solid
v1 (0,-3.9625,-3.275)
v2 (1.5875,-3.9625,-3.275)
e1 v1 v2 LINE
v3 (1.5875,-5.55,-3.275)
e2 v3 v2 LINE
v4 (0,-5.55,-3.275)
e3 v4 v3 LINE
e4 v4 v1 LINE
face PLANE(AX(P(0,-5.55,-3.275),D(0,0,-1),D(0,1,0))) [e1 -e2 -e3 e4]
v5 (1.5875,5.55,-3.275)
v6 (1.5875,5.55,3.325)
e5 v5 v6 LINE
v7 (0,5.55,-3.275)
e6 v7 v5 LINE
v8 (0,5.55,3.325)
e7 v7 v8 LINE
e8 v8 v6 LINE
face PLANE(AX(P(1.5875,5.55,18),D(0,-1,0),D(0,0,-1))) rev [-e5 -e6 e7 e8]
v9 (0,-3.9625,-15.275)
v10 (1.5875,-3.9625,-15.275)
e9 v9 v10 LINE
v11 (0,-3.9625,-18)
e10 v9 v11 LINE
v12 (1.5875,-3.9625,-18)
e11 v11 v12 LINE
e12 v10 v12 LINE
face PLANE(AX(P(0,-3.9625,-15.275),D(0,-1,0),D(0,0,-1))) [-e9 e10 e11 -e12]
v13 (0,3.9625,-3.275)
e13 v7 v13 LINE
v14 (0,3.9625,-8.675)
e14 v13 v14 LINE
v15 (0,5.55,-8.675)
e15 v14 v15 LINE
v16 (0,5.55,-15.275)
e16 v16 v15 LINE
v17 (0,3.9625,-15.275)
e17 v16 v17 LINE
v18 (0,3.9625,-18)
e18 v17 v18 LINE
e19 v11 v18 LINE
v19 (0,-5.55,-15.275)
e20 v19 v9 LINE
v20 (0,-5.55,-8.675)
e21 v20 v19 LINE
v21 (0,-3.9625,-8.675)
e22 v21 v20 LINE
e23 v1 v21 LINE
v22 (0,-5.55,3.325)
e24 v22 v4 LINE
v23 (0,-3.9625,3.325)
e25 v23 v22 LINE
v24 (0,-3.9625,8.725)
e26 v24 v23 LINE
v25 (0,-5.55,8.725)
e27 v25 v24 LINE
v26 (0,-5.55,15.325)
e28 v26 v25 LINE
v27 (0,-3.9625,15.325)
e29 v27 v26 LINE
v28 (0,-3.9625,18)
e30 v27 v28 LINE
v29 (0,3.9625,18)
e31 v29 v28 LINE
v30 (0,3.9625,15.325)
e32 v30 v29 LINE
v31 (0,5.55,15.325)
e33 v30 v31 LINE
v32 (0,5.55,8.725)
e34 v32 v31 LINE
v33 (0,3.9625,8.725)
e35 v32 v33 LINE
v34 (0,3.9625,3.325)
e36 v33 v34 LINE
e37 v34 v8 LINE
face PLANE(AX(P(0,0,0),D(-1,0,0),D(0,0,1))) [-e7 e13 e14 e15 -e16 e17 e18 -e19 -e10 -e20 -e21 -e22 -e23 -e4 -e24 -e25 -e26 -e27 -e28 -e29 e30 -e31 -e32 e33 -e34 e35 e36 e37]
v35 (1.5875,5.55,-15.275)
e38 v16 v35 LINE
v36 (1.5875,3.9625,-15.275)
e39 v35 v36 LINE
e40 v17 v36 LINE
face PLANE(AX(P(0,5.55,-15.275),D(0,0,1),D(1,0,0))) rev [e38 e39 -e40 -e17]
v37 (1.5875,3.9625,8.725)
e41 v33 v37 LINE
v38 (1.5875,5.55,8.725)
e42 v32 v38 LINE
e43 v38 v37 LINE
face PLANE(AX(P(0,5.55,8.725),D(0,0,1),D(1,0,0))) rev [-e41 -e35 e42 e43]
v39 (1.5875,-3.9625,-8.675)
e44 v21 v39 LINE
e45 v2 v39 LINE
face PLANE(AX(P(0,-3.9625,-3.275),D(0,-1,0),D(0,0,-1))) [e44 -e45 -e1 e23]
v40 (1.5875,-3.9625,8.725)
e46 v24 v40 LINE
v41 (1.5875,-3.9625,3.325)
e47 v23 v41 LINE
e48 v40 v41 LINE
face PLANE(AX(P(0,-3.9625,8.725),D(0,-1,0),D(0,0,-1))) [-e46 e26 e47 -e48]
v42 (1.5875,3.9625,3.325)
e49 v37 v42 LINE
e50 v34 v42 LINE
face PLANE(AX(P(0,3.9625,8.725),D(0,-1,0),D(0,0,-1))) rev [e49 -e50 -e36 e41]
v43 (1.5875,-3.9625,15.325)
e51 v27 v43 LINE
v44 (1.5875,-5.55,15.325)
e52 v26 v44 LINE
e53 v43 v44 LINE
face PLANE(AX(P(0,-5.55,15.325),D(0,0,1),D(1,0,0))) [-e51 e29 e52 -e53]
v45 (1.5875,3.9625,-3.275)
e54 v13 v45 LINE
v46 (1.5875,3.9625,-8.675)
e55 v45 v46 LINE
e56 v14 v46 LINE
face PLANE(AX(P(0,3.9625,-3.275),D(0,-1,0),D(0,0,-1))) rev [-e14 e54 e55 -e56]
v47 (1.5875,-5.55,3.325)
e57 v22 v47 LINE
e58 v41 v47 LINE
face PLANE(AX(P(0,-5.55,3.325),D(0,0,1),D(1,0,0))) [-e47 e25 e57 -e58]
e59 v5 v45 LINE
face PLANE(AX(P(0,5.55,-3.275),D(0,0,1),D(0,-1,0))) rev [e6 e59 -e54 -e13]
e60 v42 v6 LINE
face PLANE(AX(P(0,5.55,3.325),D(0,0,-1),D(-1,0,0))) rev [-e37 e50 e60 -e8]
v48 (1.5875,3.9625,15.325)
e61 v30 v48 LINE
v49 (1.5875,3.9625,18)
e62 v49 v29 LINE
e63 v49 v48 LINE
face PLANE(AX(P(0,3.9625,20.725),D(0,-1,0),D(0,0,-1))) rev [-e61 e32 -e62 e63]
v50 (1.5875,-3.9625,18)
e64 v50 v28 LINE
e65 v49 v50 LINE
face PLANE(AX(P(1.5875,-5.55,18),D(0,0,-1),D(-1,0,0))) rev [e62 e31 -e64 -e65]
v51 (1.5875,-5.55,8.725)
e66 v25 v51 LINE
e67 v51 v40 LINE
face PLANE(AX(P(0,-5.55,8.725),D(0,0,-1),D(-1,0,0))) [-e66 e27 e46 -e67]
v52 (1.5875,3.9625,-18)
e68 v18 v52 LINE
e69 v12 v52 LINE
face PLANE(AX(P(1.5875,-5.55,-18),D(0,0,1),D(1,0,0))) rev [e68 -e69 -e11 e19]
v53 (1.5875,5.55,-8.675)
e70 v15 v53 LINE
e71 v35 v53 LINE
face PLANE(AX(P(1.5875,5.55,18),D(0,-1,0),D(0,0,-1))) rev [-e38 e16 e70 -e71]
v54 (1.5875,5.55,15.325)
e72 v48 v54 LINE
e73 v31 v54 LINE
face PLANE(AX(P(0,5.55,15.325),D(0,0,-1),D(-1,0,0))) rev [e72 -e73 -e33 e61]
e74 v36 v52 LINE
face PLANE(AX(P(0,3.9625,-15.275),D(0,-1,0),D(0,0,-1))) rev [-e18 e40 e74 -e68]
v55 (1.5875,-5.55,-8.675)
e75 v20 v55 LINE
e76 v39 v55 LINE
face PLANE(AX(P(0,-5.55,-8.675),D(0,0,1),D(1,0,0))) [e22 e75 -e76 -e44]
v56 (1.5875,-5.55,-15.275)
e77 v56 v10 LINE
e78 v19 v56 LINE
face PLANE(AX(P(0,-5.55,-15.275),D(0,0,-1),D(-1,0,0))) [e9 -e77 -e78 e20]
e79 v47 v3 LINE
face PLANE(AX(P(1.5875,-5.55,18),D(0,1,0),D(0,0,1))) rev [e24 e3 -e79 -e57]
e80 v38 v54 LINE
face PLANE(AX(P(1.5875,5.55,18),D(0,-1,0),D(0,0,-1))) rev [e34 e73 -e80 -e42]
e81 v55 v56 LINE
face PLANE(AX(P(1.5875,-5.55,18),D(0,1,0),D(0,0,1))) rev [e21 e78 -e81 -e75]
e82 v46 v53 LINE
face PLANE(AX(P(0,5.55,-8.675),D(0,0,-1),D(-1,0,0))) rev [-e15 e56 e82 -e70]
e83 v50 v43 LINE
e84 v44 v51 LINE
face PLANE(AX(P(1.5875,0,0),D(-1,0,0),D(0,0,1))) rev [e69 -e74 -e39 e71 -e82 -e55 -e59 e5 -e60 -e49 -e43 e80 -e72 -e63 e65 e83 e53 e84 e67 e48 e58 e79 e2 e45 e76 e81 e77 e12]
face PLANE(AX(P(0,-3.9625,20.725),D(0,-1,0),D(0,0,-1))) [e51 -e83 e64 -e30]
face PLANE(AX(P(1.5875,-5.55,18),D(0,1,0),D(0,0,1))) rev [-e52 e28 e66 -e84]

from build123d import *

# Parameters (mm, degrees)
SKETCH1_W           = 36
SKETCH1_H           = 11.1
BOSS_EXTRUDE1_DEPTH = 1.5875
SKETCH2_W           = 5.4
SKETCH2_H           = 1.5875
CUT_EXTRUDE1_DEPTH  = 19.902980089


with BuildPart() as part:
    # Sketch1 → Boss-Extrude1 (new body)
    with BuildSketch(Plane(origin=(0, 0, 0), x_dir=(0, 0, -1), z_dir=(1, 0, 0))):
        Rectangle(SKETCH1_W, SKETCH1_H)
    extrude(amount=BOSS_EXTRUDE1_DEPTH)

    # Sketch2 → Cut-Extrude1 (cut, through all)
    with BuildSketch(Plane(origin=(1.5875, 0, 0), x_dir=(0, 0, -1), z_dir=(1, 0, 0))):
        with Locations((5.975, 4.75625)):
            Rectangle(SKETCH2_W, SKETCH2_H)
        with Locations((17.975, 4.75625)):
            Rectangle(SKETCH2_W, SKETCH2_H)
        with Locations((-6.025, 4.75625)):
            Rectangle(SKETCH2_W, SKETCH2_H)
        with Locations((-18.025, 4.75625)):
            Rectangle(SKETCH2_W, SKETCH2_H)
    cut_extrude1 = extrude(amount=-CUT_EXTRUDE1_DEPTH, mode=Mode.SUBTRACT)

    # Mirror1: Cut-Extrude1 across plane
    add(cut_extrude1.mirror(Plane.ZX), mode=Mode.SUBTRACT)


solid = part.part
